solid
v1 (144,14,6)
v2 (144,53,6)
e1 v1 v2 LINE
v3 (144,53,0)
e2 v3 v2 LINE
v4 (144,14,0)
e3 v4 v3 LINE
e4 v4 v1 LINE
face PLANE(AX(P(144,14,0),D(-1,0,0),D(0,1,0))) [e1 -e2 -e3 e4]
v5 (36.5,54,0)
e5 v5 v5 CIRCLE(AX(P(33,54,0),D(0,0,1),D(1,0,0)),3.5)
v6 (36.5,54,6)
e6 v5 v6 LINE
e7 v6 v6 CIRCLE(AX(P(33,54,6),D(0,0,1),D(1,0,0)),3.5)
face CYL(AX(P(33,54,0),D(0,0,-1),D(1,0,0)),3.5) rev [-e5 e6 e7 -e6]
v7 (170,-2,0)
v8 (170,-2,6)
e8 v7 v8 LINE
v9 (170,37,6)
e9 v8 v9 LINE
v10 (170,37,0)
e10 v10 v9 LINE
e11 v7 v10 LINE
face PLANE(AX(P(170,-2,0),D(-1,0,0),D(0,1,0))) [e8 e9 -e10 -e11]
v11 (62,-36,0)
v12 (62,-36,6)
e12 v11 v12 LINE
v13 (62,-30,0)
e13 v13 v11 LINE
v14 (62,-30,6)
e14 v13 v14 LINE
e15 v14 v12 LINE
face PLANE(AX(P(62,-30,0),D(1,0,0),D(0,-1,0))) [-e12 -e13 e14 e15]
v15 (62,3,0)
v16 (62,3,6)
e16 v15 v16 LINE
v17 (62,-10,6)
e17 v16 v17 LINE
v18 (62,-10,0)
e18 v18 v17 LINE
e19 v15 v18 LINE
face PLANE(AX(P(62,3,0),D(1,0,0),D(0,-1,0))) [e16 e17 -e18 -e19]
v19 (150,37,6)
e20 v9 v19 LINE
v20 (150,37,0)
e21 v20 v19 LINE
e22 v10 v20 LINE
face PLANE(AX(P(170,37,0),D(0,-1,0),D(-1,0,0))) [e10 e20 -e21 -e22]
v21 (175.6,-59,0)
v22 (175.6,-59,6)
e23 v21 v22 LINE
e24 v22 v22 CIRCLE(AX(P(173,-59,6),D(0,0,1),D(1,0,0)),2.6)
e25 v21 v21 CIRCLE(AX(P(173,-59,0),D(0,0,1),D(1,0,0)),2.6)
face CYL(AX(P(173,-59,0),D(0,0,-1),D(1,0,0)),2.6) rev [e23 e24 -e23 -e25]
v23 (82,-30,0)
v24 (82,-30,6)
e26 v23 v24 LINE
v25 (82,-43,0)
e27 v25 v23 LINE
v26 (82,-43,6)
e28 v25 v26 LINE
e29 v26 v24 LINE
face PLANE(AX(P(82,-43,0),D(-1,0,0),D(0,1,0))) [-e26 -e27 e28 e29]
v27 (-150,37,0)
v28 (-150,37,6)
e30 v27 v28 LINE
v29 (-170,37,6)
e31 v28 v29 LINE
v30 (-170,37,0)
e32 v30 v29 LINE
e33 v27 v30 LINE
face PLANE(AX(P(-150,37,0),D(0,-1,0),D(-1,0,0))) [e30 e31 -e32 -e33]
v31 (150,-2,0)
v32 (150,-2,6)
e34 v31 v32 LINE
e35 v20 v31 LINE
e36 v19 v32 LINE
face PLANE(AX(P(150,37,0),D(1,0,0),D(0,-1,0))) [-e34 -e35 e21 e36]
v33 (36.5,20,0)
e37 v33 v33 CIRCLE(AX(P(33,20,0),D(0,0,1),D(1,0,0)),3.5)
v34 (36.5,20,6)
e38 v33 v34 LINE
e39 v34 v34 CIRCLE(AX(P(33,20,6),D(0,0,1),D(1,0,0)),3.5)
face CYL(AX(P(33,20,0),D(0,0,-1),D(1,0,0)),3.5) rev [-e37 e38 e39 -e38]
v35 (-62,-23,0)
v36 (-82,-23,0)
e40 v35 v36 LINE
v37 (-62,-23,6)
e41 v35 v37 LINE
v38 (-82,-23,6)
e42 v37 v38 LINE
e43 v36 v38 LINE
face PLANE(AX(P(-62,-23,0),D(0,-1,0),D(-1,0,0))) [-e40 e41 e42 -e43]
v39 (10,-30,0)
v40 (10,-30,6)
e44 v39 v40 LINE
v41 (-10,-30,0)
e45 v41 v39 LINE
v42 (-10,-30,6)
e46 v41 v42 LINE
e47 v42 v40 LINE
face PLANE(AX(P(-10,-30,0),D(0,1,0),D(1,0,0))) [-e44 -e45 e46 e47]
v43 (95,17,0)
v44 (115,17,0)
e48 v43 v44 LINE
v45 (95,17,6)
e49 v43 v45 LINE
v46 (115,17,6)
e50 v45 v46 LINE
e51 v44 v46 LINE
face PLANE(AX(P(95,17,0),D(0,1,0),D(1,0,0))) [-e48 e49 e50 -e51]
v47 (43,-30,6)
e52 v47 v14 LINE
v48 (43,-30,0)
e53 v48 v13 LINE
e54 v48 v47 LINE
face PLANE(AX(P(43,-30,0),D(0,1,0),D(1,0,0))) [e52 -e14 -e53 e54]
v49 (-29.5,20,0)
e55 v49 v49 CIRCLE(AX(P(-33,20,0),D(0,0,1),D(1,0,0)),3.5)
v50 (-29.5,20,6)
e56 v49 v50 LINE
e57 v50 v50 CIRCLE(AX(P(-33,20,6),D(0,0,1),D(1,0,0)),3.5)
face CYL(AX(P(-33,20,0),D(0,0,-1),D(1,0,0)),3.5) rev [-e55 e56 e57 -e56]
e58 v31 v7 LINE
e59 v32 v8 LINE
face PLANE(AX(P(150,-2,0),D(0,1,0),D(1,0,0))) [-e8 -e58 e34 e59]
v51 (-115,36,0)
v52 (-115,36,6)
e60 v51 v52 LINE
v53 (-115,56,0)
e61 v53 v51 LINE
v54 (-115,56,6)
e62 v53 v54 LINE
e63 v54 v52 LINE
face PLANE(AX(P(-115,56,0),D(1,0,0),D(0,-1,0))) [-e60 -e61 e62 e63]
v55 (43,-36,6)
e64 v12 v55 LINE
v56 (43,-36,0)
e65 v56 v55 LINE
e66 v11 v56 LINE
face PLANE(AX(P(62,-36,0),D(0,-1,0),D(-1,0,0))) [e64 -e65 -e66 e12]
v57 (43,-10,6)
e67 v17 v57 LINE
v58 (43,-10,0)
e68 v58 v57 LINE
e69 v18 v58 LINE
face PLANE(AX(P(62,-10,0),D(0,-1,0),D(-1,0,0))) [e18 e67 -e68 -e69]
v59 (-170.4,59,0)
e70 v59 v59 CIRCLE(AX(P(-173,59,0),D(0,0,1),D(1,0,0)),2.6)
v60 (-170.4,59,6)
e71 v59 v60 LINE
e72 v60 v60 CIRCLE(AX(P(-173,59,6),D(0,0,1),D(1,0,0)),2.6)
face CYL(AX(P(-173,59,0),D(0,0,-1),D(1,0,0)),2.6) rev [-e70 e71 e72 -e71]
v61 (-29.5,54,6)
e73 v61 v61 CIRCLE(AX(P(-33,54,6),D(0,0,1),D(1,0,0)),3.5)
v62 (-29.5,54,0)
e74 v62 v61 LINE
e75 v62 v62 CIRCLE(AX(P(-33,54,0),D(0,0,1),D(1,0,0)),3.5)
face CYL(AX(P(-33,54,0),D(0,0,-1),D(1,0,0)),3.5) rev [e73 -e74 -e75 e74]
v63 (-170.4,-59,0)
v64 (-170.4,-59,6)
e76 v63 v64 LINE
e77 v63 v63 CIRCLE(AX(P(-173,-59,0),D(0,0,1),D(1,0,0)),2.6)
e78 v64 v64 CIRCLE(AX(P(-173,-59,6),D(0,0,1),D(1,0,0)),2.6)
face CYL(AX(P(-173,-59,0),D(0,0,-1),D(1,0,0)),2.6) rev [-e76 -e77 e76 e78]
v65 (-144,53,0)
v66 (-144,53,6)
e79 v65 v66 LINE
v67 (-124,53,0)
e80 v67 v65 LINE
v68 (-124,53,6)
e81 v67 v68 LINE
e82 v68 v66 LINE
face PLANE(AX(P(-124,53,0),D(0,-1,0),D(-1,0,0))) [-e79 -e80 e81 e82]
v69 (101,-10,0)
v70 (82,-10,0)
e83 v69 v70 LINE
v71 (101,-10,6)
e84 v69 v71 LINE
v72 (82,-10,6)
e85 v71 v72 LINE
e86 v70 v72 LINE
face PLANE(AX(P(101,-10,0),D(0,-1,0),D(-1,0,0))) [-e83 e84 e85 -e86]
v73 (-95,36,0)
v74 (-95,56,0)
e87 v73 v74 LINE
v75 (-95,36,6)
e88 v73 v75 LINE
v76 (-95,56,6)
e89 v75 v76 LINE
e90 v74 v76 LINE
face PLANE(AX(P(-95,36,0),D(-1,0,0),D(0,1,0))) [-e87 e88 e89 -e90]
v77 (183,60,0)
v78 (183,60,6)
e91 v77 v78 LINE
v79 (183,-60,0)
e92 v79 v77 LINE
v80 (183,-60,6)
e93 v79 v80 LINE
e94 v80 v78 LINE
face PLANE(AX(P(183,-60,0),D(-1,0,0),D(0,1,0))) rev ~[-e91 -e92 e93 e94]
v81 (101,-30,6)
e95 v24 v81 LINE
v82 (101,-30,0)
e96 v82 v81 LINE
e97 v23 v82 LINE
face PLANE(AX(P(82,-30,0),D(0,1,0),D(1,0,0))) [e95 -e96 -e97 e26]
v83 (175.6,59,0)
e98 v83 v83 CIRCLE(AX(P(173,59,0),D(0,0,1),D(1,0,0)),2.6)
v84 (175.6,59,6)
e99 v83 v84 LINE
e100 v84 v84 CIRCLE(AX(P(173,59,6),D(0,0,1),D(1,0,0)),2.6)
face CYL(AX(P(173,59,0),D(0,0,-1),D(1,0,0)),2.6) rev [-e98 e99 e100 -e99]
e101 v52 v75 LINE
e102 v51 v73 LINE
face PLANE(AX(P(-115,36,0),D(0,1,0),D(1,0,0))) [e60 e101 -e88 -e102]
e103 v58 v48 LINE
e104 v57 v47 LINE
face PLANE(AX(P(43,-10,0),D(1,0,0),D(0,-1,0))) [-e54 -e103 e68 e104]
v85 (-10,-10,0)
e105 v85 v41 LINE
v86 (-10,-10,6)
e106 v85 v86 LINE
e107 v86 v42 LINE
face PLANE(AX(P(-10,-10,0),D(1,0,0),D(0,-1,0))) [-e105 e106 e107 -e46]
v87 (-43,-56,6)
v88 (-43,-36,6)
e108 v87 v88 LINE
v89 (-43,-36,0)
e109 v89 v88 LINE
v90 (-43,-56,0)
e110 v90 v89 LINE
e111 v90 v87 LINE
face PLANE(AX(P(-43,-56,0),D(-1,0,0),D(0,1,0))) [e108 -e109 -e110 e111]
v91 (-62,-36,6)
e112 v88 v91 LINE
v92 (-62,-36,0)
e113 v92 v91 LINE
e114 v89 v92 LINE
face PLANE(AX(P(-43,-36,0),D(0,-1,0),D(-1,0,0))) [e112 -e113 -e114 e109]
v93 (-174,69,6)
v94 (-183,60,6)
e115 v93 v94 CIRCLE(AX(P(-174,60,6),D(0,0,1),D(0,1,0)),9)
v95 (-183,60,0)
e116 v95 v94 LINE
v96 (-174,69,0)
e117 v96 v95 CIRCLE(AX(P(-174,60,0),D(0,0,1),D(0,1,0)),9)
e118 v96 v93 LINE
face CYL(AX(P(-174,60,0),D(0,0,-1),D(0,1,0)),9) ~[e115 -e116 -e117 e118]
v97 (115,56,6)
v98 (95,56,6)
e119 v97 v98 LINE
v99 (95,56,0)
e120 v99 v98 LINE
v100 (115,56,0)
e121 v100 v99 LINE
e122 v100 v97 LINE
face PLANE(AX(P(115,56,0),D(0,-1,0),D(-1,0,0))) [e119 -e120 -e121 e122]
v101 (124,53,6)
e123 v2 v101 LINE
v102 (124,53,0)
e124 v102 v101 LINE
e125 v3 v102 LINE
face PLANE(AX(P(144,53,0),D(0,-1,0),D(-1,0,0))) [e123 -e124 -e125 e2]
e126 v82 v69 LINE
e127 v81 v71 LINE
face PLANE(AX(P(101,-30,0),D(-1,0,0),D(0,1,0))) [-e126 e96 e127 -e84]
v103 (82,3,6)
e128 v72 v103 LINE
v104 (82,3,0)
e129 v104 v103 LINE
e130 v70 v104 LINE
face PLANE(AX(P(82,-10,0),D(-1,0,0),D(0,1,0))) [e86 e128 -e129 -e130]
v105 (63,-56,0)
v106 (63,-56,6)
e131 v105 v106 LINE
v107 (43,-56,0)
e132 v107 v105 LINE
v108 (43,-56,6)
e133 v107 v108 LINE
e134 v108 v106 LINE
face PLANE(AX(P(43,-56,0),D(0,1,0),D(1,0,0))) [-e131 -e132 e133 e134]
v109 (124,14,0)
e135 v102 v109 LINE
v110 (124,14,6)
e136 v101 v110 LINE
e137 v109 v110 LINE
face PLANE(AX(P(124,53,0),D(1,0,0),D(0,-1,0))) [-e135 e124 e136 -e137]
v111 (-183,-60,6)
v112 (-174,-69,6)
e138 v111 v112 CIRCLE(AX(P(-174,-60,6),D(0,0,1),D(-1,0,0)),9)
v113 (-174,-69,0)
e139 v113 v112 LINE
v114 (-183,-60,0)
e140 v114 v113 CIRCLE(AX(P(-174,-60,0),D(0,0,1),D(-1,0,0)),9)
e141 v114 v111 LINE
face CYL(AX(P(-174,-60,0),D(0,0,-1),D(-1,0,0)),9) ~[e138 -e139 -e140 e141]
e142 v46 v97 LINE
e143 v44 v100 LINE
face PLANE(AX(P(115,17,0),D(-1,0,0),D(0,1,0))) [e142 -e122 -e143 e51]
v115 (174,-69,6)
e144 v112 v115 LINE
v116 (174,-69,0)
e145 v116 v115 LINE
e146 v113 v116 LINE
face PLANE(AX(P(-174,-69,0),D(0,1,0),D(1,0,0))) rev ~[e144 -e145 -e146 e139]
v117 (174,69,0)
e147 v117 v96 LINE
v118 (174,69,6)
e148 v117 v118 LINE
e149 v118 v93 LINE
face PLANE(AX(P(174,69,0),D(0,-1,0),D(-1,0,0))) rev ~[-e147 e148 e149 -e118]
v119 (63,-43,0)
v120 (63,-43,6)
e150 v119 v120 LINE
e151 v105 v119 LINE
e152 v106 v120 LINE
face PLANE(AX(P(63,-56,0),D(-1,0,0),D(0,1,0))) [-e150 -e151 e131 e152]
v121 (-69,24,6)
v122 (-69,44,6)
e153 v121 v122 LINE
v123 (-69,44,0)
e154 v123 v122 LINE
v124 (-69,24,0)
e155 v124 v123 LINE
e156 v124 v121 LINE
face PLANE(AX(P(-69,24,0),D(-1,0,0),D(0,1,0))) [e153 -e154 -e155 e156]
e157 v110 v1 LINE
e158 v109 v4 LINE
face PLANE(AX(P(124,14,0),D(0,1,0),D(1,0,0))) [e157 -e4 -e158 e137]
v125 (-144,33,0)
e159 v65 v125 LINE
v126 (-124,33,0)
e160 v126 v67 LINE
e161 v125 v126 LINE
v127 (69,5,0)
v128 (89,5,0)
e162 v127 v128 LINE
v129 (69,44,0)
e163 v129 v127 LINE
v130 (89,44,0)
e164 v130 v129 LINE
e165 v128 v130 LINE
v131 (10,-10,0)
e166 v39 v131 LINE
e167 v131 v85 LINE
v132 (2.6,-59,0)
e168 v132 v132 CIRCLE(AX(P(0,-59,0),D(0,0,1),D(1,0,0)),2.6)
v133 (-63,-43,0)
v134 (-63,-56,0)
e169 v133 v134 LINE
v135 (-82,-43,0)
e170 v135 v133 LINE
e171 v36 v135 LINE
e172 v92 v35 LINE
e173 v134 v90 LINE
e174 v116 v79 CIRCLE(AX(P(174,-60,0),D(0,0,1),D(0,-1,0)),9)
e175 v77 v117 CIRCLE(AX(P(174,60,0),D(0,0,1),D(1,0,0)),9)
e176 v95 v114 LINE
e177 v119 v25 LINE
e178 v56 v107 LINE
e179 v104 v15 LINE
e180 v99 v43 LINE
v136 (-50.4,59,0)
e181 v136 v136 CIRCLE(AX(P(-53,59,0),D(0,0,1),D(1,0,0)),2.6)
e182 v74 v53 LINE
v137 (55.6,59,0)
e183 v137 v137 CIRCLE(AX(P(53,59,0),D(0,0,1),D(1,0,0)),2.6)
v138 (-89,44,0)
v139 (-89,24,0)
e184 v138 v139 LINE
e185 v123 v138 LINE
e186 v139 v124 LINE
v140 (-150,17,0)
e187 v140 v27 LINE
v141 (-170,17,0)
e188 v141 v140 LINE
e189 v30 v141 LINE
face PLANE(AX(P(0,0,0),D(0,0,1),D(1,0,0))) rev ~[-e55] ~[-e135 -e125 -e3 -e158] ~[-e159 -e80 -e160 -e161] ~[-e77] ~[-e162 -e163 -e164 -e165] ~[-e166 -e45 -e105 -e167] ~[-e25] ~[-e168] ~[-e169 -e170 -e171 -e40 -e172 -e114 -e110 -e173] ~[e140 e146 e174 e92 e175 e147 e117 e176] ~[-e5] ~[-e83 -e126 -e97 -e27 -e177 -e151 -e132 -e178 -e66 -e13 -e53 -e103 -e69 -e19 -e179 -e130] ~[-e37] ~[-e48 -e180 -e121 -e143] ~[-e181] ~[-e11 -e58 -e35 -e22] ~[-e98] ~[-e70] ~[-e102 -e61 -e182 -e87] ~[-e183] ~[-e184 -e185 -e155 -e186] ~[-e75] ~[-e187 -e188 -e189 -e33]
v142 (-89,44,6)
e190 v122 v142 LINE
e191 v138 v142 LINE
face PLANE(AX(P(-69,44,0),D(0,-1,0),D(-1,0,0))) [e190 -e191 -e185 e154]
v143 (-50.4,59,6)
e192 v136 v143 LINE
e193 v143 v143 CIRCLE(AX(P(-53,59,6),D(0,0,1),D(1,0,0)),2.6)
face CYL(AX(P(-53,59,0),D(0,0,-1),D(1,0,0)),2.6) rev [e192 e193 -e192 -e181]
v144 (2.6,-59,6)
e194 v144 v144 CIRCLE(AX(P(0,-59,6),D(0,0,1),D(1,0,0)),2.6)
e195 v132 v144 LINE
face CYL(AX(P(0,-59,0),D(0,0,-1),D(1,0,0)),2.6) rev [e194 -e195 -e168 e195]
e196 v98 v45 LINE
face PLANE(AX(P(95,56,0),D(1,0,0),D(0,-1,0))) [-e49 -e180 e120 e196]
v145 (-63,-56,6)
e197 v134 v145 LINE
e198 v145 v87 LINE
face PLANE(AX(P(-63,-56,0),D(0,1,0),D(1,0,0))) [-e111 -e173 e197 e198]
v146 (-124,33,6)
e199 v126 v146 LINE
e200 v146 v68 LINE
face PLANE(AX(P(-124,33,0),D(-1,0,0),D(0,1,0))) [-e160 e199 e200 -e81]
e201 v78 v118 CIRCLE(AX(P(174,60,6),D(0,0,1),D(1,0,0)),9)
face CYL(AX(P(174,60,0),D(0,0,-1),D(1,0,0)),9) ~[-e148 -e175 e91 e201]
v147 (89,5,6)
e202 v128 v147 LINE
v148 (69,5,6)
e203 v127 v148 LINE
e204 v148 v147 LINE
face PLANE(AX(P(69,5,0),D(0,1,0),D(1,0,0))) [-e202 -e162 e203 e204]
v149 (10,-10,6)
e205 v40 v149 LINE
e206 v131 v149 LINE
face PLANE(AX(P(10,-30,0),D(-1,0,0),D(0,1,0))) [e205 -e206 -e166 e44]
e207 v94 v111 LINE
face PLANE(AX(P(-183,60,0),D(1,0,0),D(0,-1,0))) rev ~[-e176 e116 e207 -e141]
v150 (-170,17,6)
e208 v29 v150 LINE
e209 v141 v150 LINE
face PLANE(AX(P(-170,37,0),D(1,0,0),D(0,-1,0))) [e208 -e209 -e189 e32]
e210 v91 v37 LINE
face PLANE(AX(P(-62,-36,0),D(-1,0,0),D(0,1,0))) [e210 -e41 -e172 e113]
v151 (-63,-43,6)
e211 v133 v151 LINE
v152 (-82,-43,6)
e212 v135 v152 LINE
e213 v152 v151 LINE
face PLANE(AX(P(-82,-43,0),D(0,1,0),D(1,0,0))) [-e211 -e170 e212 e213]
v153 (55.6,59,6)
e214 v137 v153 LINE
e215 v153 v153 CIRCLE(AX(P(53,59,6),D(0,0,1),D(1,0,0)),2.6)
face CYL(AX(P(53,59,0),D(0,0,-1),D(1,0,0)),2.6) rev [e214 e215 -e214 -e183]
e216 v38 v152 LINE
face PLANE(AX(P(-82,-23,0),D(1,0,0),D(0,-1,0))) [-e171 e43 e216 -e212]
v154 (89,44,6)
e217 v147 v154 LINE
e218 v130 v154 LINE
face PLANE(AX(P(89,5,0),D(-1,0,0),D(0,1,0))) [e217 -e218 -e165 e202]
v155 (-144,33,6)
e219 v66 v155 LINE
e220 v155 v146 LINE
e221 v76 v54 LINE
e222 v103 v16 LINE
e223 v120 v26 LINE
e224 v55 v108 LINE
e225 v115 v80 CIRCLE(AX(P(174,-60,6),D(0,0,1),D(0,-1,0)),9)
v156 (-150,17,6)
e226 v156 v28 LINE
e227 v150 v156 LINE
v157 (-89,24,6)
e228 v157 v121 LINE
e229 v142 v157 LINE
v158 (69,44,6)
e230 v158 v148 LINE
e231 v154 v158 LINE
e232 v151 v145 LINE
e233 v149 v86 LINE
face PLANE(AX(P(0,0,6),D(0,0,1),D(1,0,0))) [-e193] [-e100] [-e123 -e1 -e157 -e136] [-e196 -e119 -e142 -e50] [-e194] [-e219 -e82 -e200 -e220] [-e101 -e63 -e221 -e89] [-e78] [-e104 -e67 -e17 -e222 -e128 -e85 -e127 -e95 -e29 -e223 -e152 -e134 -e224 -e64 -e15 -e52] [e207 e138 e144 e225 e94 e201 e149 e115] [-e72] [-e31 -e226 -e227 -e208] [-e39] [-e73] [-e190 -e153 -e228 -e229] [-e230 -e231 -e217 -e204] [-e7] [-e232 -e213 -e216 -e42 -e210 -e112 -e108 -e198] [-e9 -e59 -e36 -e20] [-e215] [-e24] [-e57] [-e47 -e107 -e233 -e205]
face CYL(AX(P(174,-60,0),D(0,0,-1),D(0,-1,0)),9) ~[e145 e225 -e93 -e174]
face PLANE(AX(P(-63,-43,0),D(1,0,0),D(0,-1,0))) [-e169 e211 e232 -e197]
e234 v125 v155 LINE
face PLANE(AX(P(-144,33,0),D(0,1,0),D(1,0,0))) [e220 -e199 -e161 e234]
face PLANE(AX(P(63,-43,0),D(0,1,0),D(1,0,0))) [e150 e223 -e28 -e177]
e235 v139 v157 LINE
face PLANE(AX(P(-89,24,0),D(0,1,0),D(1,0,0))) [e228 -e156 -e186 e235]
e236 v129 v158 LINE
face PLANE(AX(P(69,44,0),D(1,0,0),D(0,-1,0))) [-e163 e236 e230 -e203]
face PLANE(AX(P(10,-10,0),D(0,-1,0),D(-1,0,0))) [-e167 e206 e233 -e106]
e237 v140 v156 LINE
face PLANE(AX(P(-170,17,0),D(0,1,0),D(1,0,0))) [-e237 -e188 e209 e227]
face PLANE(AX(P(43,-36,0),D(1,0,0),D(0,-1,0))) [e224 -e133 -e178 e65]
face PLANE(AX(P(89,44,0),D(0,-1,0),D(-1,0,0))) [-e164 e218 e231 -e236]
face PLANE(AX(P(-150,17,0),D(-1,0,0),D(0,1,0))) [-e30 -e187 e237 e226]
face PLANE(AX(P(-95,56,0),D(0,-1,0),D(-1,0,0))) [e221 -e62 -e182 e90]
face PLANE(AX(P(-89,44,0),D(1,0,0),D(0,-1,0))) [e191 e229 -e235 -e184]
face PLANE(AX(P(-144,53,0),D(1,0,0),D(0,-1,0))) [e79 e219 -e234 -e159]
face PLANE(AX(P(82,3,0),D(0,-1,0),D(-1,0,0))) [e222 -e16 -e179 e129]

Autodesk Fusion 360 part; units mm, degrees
sketch "Sketch1" plane through (0, 0, 0) normal (0, 0, 1) x (1, 0, 0)
  line L0 (89, 44) -> (69, 44)
  line L1 (43, -56) -> (63, -56)
  line L2 (-89, 24) -> (-69, 24)
  line L3 (-124, 33) -> (-124, 53)
  line L4 (-95, 36) -> (-95, 56)
  line L5 (174, 69) -> (-174, 69)
  line L6 (-174, -69) -> (174, -69)
  line L7 (170, 37) -> (150, 37)
  line L8 (150, 37) -> (150, -2)
  line L9 (-183, 60) -> (-183, -60)
  line L10 (-124, 53) -> (-144, 53)
  line L11 (115, 56) -> (95, 56)
  line L12 (-150, 37) -> (-170, 37)
  line L13 (-170, 37) -> (-170, 17)
  line L14 (-89, 44) -> (-89, 24)
  line L15 (-62, -36) -> (-62, -23)
  line L16 (-115, 36) -> (-95, 36)
  line L17 (-69, 24) -> (-69, 44)
  line L18 (-69, 44) -> (-89, 44)
  line L19 (-62, -23) -> (-82, -23)
  line L20 (124, 14) -> (144, 14)
  line L21 (-144, 33) -> (-124, 33)
  circle A0 centre (173, -59) radius 2.6
  line L22 (-10, -30) -> (10, -30)
  line L23 (82, -30) -> (101, -30)
  line L24 (-43, -56) -> (-43, -36)
  line L25 (-63, -43) -> (-63, -56)
  line L26 (-82, -43) -> (-63, -43)
  circle A1 centre (-173, -59) radius 2.6
  line L27 (-144, 53) -> (-144, 33)
  line L28 (-10, -10) -> (-10, -30)
  line L29 (-150, 17) -> (-150, 37)
  line L30 (-115, 56) -> (-115, 36)
  line L31 (-63, -56) -> (-43, -56)
  line L32 (-170, 17) -> (-150, 17)
  line L33 (82, 3) -> (62, 3)
  line L34 (115, 17) -> (115, 56)
  line L35 (43, -30) -> (62, -30)
  line L36 (170, -2) -> (170, 37)
  line L37 (95, 56) -> (95, 17)
  line L38 (63, -43) -> (82, -43)
  line L39 (89, 5) -> (89, 44)
  circle A2 centre (0, -59) radius 2.6
  line L40 (183, -60) -> (183, 60)
  circle A3 centre (-173, 59) radius 2.6
  line L41 (43, -36) -> (43, -56)
  line L42 (62, 3) -> (62, -10)
  line L43 (69, 44) -> (69, 5)
  line L44 (10, -10) -> (-10, -10)
  line L45 (43, -10) -> (43, -30)
  line L46 (101, -30) -> (101, -10)
  line L47 (144, 53) -> (124, 53)
  line L48 (62, -10) -> (43, -10)
  line L49 (82, -43) -> (82, -30)
  line L50 (-95, 56) -> (-115, 56)
  line L51 (-82, -23) -> (-82, -43)
  line L52 (124, 53) -> (124, 14)
  line L53 (150, -2) -> (170, -2)
  circle A4 centre (173, 59) radius 2.6
  line L54 (62, -30) -> (62, -36)
  line L55 (10, -30) -> (10, -10)
  line L56 (95, 17) -> (115, 17)
  line L57 (101, -10) -> (82, -10)
  line L58 (62, -36) -> (43, -36)
  line L59 (82, -10) -> (82, 3)
  line L60 (63, -56) -> (63, -43)
  line L61 (69, 5) -> (89, 5)
  line L62 (144, 14) -> (144, 53)
  line L63 (-43, -36) -> (-62, -36)
  arc A5 (-174, 69) -> (-183, 60) centre (-174, 60) ccw
  arc A6 (183, 60) -> (174, 69) centre (174, 60) ccw
  arc A7 (174, -69) -> (183, -60) centre (174, -60) ccw
  arc A8 (-183, -60) -> (-174, -69) centre (-174, -60) ccw
  circle A9 centre (33, 54) radius 3.5
  circle A10 centre (-33, 54) radius 3.5
  circle A11 centre (33, 20) radius 3.5
  circle A12 centre (-33, 20) radius 3.5
  circle A13 centre (53, 59) radius 2.6
  circle A14 centre (-53, 59) radius 2.6
  dimension "d1" = 9
  dimension "d2" = 7
  dimension "d3" = 7
  dimension "d4" = 7
  dimension "d5" = 7
  dimension "d8" = 5.2
  dimension "d9" = 5.2
extrude "Extrude1" add sketch "Sketch1" along normal blind 6
